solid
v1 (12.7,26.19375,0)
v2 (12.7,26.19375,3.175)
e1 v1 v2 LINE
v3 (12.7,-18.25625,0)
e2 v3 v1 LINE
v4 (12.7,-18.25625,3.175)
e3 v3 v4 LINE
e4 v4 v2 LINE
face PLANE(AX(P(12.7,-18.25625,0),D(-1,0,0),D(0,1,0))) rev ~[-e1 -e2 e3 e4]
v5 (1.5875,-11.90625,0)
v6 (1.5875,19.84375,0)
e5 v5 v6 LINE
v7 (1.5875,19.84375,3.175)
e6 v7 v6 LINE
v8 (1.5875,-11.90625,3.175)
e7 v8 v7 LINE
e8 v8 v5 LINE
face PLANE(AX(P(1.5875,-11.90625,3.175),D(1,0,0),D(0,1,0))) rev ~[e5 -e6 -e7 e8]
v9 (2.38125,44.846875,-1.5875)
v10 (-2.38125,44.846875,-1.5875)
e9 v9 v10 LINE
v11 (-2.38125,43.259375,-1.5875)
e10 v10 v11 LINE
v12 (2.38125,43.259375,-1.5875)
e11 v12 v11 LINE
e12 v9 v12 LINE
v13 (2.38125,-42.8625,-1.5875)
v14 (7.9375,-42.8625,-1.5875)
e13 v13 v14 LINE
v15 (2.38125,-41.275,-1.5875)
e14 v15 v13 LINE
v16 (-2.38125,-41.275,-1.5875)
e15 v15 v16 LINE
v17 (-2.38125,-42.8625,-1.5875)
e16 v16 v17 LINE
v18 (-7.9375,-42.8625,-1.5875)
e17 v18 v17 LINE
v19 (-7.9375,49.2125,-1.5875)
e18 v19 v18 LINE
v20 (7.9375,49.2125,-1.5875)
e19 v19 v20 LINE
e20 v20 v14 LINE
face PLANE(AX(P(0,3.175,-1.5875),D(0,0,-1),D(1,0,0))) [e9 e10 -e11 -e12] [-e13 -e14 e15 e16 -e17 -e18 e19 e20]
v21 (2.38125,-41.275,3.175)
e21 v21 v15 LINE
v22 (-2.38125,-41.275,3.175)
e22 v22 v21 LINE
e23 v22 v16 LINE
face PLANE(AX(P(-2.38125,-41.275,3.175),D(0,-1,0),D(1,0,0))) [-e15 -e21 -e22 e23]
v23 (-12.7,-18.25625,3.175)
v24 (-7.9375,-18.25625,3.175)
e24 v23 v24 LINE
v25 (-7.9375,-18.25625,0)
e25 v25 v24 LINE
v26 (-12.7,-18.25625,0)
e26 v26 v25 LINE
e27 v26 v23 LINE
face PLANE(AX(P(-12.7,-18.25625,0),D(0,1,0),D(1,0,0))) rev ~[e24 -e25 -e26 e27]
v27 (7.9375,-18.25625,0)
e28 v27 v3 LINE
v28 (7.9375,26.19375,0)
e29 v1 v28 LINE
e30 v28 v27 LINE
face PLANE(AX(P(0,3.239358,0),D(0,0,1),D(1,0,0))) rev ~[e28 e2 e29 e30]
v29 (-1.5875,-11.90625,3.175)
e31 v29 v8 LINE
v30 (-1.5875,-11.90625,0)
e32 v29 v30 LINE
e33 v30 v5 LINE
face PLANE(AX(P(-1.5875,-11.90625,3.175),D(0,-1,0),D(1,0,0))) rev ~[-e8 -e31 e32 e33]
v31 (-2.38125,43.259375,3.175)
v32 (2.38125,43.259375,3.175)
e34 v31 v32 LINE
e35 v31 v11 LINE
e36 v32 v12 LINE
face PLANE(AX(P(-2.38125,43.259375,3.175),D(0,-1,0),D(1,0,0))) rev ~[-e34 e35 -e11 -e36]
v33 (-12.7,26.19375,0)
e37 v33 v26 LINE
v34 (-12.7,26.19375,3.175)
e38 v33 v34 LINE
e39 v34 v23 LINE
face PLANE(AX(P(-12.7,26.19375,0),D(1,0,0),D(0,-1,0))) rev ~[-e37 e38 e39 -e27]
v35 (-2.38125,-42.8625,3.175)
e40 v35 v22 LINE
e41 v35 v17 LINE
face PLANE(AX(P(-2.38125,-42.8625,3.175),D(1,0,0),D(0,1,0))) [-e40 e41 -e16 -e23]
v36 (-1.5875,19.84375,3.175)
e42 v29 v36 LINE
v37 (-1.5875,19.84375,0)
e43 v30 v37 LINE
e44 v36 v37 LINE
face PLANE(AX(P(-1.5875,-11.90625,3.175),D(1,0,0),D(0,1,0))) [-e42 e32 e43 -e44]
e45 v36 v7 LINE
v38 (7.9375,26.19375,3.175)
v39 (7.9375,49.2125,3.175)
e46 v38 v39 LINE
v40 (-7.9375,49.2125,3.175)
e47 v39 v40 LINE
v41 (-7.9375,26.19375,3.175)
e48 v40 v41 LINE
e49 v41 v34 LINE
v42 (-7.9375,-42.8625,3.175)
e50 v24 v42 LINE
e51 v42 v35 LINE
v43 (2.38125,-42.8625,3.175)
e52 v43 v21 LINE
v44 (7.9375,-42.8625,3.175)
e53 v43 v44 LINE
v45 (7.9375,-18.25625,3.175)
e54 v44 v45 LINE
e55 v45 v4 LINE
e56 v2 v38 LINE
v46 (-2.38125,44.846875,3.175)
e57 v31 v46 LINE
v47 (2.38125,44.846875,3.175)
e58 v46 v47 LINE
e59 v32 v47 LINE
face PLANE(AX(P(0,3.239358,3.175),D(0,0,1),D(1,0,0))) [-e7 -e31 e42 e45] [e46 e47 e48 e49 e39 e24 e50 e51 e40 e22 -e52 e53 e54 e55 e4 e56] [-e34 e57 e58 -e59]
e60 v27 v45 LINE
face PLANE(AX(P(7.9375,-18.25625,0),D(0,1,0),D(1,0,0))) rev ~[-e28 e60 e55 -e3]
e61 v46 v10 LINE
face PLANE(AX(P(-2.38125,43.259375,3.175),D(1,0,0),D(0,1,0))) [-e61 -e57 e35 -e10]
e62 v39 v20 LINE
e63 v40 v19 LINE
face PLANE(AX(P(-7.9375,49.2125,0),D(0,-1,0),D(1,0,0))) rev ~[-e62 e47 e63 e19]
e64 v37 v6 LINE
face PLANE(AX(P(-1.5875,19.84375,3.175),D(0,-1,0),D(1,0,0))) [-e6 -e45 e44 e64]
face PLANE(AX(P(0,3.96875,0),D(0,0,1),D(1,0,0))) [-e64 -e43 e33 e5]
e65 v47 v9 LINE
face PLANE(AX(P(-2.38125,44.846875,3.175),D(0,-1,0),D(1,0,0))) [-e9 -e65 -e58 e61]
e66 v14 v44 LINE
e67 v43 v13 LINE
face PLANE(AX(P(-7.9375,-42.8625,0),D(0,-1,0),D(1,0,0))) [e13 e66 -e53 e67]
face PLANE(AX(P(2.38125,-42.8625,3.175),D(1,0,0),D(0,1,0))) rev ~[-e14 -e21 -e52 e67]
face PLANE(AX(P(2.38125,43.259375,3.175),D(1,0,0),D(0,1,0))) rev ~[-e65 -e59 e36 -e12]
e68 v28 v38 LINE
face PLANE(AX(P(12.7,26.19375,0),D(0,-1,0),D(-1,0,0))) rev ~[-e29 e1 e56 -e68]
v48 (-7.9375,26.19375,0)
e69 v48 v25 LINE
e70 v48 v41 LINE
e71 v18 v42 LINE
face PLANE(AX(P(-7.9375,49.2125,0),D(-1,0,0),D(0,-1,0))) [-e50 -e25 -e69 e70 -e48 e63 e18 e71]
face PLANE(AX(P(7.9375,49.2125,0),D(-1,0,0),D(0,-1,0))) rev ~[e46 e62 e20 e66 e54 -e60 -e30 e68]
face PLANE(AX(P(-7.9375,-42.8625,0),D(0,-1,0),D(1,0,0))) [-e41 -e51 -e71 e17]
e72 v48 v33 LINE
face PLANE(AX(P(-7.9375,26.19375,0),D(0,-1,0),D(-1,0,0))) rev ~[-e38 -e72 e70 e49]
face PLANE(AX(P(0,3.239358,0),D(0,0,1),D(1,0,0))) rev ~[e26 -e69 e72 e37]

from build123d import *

# Parameters (mm, degrees)
F1_DEPTH = 3.175
F2_W     = 15.875
F2_H     = 92.075
F3_DEPTH = 1.5875
F4_W     = 3.175
F4_H     = 31.75
F5_DEPTH = 3.175
F6_W     = 4.7625
F6_H     = 1.5875
F7_DEPTH = 4.7635
F8_W     = 4.7625
F8_H     = 1.5875
F9_DEPTH = 4.7635


with BuildPart() as f1:
    # F0 (on Top) → F1 (new body)
    with BuildSketch(Plane.XY):
        Polygon((7.9375, 49.2125), (-7.9375, 49.2125), (-7.9375, 26.19375), (-12.7, 26.19375), (-12.7, -18.25625), (-7.9375, -18.25625), (-7.9375, -42.8625), (7.9375, -42.8625), (7.9375, -18.25625), (12.7, -18.25625), (12.7, 26.19375), (7.9375, 26.19375), align=None)
    extrude(amount=F1_DEPTH)

    # F2 (on face) → F3 (join)
    with BuildSketch(Plane(origin=(0, 0, 0), x_dir=(1, 0, 0), z_dir=(0, 0, -1))):
        with Locations((0, -3.175)):
            Rectangle(F2_W, F2_H)
    extrude(amount=F3_DEPTH)

    # F4 (on face) → F5 (cut)
    with BuildSketch(Plane.XY.offset(3.175)):
        with Locations((0, 3.96875)):
            Rectangle(F4_W, F4_H)
    extrude(amount=-F5_DEPTH, mode=Mode.SUBTRACT)

    # F6 (on face) → F7 (cut, through all)
    with BuildSketch(Plane.XY.offset(3.175)):
        with Locations((0, -42.06875)):
            Rectangle(F6_W, F6_H)
    extrude(amount=-F7_DEPTH, mode=Mode.SUBTRACT)

    # F8 (on face) → F9 (cut, through all)
    with BuildSketch(Plane.XY.offset(3.175)):
        with Locations((0, 44.053125)):
            Rectangle(F8_W, F8_H)
    extrude(amount=-F9_DEPTH, mode=Mode.SUBTRACT)


solid = f1.part
